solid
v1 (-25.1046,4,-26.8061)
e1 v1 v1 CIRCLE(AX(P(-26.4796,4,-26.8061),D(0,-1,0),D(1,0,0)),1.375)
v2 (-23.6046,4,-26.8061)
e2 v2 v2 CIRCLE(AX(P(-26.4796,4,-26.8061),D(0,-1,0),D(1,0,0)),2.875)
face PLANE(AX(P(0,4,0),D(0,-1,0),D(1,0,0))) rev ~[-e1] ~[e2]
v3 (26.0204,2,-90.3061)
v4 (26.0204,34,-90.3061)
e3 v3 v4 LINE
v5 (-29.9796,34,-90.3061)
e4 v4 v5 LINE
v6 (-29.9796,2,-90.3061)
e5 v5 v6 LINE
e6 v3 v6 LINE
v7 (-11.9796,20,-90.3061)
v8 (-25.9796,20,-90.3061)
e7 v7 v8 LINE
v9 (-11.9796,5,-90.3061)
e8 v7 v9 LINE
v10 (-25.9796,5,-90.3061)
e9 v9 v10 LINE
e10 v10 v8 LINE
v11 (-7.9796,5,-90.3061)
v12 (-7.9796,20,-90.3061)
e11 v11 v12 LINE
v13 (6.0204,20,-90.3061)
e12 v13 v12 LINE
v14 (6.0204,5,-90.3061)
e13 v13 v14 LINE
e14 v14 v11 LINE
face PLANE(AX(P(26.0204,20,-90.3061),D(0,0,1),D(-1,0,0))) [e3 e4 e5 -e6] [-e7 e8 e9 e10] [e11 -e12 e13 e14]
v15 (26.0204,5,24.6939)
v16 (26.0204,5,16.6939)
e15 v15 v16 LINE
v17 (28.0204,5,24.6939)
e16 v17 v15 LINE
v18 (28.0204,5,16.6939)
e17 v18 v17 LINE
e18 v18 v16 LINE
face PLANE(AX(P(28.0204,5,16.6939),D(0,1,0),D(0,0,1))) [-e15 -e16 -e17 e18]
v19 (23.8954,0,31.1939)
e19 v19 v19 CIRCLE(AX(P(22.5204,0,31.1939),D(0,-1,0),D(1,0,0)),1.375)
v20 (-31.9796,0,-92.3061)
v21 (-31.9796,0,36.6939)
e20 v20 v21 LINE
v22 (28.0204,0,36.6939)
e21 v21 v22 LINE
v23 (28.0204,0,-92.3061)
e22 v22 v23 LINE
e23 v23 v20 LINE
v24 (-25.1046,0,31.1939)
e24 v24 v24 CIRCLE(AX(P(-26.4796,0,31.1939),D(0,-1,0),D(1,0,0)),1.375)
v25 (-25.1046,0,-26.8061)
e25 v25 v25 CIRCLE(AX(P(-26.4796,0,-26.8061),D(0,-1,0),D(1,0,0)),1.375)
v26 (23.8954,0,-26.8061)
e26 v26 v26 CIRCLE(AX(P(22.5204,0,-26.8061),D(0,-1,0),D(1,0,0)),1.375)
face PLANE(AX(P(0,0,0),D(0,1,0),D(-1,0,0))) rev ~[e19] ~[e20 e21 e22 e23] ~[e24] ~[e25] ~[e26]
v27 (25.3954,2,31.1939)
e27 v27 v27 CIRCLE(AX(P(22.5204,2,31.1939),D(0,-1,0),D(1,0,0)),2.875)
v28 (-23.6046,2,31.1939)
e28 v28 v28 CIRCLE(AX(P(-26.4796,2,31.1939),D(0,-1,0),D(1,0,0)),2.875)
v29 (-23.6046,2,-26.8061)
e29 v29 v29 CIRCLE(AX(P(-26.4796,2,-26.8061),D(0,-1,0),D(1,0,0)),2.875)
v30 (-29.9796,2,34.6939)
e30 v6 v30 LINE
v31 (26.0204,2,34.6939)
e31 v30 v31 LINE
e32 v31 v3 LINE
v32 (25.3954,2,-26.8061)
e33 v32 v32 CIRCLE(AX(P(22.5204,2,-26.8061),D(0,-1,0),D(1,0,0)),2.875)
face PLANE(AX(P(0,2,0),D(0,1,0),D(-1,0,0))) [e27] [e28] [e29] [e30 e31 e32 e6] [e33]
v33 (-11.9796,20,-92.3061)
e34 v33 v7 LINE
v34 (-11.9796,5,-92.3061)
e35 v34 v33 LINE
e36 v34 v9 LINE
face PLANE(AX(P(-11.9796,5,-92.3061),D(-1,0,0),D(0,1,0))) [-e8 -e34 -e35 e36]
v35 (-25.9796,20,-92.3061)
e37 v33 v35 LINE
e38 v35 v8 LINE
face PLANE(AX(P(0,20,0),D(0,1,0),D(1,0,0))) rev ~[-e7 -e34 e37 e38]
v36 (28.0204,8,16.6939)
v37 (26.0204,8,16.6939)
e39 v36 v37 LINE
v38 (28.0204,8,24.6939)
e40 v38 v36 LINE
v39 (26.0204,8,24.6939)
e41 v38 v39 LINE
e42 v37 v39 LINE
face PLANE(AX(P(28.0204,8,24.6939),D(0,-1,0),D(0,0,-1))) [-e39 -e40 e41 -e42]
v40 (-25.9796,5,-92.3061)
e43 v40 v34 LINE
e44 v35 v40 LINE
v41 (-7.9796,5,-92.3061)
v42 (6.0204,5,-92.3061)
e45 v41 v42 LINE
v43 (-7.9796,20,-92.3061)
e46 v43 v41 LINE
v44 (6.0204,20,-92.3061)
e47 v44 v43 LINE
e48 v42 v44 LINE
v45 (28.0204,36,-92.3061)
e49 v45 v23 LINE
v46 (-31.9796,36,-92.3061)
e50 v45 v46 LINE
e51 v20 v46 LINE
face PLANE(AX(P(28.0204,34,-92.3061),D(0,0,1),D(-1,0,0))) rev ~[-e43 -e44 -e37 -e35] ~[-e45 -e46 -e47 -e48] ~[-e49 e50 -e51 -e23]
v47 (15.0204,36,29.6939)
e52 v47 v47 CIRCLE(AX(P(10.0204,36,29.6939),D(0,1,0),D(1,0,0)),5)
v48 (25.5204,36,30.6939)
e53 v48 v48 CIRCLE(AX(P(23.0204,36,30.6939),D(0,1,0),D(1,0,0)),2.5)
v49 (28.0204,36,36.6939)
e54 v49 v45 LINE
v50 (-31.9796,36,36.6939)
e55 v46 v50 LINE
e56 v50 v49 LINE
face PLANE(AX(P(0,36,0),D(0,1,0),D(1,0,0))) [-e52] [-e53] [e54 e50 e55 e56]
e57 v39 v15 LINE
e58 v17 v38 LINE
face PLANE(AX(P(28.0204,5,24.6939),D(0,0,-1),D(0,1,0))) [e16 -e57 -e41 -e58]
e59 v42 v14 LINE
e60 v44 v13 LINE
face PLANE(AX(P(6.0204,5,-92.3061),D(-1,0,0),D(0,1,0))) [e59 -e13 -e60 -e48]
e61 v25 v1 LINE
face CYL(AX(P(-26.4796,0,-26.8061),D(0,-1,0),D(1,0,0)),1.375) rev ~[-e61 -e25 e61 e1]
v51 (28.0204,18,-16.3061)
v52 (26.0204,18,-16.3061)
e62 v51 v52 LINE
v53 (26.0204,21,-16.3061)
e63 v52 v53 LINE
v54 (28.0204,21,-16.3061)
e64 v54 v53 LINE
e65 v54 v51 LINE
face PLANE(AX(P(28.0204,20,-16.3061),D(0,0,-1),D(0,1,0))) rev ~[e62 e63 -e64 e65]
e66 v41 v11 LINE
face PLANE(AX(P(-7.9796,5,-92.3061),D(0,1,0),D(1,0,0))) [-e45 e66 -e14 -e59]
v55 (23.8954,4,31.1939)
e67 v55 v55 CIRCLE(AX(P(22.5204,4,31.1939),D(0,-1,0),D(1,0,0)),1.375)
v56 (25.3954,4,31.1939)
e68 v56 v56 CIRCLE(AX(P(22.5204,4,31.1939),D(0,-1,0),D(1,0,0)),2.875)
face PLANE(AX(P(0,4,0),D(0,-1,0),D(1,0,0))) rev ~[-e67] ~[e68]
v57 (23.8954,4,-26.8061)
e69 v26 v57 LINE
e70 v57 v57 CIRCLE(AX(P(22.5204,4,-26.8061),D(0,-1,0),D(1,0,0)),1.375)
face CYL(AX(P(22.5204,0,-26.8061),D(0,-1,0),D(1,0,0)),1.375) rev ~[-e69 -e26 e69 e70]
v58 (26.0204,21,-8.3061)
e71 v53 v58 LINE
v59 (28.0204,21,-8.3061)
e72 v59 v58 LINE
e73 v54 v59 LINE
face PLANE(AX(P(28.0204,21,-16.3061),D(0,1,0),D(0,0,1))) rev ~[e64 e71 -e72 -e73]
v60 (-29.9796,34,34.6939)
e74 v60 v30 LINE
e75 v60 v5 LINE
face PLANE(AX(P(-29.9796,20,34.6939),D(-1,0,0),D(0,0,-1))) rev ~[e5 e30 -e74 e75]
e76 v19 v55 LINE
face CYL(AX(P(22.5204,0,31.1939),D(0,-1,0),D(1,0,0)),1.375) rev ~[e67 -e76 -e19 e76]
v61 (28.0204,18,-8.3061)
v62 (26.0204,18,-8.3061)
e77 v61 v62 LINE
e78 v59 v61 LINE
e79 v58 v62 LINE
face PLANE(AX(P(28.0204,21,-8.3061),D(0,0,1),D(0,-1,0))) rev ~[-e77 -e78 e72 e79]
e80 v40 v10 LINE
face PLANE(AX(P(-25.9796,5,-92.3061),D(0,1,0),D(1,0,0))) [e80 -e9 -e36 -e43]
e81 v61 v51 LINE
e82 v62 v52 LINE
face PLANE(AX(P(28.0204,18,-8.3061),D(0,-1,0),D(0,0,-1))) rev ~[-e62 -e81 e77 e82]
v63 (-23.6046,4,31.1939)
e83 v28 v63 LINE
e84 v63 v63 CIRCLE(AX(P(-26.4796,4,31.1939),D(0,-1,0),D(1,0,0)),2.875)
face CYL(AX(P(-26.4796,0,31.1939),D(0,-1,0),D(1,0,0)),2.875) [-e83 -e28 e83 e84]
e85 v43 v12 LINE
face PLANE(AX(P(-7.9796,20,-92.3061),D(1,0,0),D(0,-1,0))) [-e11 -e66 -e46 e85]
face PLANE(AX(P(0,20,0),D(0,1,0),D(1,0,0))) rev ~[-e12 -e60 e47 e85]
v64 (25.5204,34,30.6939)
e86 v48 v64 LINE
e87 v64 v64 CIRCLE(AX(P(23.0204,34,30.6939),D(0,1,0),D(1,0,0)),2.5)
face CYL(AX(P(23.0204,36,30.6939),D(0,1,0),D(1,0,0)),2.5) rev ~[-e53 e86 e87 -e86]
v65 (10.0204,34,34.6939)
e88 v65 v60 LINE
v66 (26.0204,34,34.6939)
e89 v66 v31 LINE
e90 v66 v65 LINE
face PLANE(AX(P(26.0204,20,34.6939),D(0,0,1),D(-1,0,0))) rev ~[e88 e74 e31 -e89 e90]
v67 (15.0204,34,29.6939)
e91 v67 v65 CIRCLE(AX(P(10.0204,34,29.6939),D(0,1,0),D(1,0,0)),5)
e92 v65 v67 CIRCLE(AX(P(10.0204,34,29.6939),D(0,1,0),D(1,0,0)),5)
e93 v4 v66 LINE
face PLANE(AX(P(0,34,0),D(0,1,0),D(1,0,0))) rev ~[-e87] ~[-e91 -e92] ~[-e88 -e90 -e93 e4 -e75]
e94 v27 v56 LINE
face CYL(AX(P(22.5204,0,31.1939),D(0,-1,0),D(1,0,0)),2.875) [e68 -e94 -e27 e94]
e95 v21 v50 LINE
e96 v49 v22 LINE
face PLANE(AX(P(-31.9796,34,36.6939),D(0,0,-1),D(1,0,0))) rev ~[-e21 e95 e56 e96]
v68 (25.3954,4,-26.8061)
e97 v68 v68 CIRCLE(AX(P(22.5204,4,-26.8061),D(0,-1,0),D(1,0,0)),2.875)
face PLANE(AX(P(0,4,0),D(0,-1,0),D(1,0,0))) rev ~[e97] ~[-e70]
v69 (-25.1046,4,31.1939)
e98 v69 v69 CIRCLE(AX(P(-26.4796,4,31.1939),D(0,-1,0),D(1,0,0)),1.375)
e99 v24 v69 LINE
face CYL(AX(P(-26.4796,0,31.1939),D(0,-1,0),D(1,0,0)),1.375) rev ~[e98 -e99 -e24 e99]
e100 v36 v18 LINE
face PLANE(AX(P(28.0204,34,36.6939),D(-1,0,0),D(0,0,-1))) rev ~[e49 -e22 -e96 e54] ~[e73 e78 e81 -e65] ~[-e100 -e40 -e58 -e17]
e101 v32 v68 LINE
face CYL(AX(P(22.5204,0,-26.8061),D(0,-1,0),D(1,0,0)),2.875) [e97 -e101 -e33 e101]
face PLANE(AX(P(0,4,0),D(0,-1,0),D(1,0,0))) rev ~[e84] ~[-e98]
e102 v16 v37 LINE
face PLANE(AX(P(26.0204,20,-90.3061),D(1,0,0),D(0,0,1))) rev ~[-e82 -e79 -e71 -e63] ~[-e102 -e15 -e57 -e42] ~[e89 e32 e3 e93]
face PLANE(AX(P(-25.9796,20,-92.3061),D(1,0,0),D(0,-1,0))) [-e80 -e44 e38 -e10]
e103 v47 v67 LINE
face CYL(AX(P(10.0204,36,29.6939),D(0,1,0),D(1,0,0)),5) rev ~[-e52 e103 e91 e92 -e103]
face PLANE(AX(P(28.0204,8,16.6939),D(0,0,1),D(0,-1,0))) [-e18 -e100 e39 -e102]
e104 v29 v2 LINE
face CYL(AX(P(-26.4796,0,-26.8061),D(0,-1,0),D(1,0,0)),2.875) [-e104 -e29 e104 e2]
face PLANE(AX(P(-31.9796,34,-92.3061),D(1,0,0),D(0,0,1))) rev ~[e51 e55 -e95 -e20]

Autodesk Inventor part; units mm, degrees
ref_plane "YZ Plane" through (0, 0, 0) normal (1, 0, 0) x (0, 1, 0)
ref_plane "XZ Plane" through (0, 0, 0) normal (0, 1, 0) x (-1, 0, 0)
ref_plane "XY Plane" through (0, 0, 0) normal (0, 0, 1) x (1, 0, 0)
sketch "Esquisse1" plane through (0, 0, 0) normal (0, 1, 0) x (-1, 0, 0)
  line L0 (29.9796, 34.6939) -> (-26.0204, 34.6939)
  line L1 (-26.0204, 34.6939) -> (-26.0204, -50.3061)
  line L2 (29.9796, -50.3061) -> (29.9796, 34.6939)
  circle A0 centre (26.4796, 31.1939) radius 1.375
  circle A1 centre (-22.5204, 31.1939) radius 1.375
  circle A2 centre (26.4796, -26.8061) radius 1.375
  circle A3 centre (-22.5204, -26.8061) radius 1.375
  circle A4 centre (26.4796, 31.1939) radius 2.875
  circle A5 centre (-22.5204, 31.1939) radius 2.875
  circle A6 centre (-22.5204, -26.8061) radius 2.875
  circle A7 centre (26.4796, -26.8061) radius 2.875
  line L3 (-26.0204, -50.3061) -> (-26.0204, -90.3061)
  line L4 (-26.0204, -90.3061) -> (29.9796, -90.3061)
  line L5 (29.9796, -90.3061) -> (29.9796, -50.3061)
  line L6 (31.9796, 36.6939) -> (-28.0204, 36.6939)
  line L7 (-28.0204, 36.6939) -> (-28.0204, -92.3061)
  line L8 (-28.0204, -92.3061) -> (31.9796, -92.3061)
  line L9 (31.9796, -92.3061) -> (31.9796, 36.6939)
  point P0 (0, 0)
  dimension "d3" = 2.75
  dimension "d4" = 3.5
  dimension "d5" = 2.75
  dimension "d6" = 3.5
  dimension "d7" = 3.5
  dimension "d8" = 49
  dimension "d9" = 2.75
  dimension "d10" = 58
  dimension "d11" = 3.5
  dimension "d12" = 2.75
  dimension "d13" = 3.5
  dimension "d14" = 58
  dimension "d15" = 5.75
  dimension "d16" = 5.75
  dimension "d17" = 5.75
  dimension "d18" = 5.75
  dimension "d21" = 2
  dimension "d22" = 2
  dimension "d23" = 2
  dimension "d24" = 2
  dimension "d25" = 125
extrude "Extrusion1" add sketch "Esquisse1" along normal blind 2 contours L2 L5 L4 L3 L1 L0 | L9 L8 L7 L6
sketch "Esquisse2" plane through (0, 0, 0) normal (0, -1, 0) x (1, 0, 0)
  circle A0 centre (22.5204, 31.1939) radius 2.875 projected
  circle A1 centre (22.5204, 31.1939) radius 1.375
  circle A2 centre (-26.4796, 31.1939) radius 1.375
  circle A3 centre (22.5204, -26.8061) radius 1.375
  circle A4 centre (-26.4796, -26.8061) radius 1.375
  circle A5 centre (22.5204, -26.8061) radius 2.875 projected
  circle A6 centre (-26.4796, -26.8061) radius 2.875 projected
  circle A7 centre (-26.4796, 31.1939) radius 2.875 projected
  point P0 (0, 0)
  dimension "d28" = 2.75
  dimension "d29" = 2.75
  dimension "d30" = 2.75
  dimension "d31" = 2.75
  dimension "d33" = 0
  dimension "d34" = 0
  dimension "d35" = 0
  dimension "d36" = 0
  dimension "d37" = 0
extrude "Extrusion2" add sketch "Esquisse2" against normal blind 4
sketch "Esquisse3" plane through (0, 2, 0) normal (0, 1, 0) x (1, 0, 0)
  line L0 (-29.9796, -34.6939) -> (26.0204, -34.6939)
  line L1 (26.0204, -34.6939) -> (26.0204, 90.3061)
  line L2 (26.0204, 90.3061) -> (-29.9796, 90.3061)
  line L3 (-29.9796, 90.3061) -> (-29.9796, -34.6939)
  line L4 (-31.9796, 92.3061) -> (-31.9796, -36.6939) projected
  line L5 (-31.9796, -36.6939) -> (28.0204, -36.6939) projected
  line L6 (28.0204, 92.3061) -> (-31.9796, 92.3061) projected
  line L7 (28.0204, -36.6939) -> (28.0204, 92.3061) projected
  point P0 (0, 0)
  dimension "d40" = 2
  dimension "d41" = 2
  dimension "d42" = 2
  dimension "d43" = 2
extrude "Extrusion3" add sketch "Esquisse3" along normal blind 18
sketch "Esquisse4" plane through (28.0204, 0, -92.3061) normal (0, 0, -1) x (-1, 0, 0)
  line L0 (22, 20) -> (36, 20)
  line L1 (36, 20) -> (36, 5)
  line L2 (36, 5) -> (22, 5)
  line L3 (22, 5) -> (22, 20)
  line L4 (40, 20) -> (54, 20)
  line L5 (54, 20) -> (54, 5)
  line L6 (54, 5) -> (40, 5)
  line L7 (40, 5) -> (40, 20)
  line L8 (0, 0) -> (60, 0) projected
  line L9 (0, 0) -> (0, 20) projected
  point P0 (28.0204, 0)
  dimension "d46" = 5
  dimension "d47" = 5
  dimension "d48" = 14
  dimension "d49" = 14
  dimension "d51" = 22
  dimension "d52" = 40
  dimension "d53" = 15
extrude "Extrusion4" cut sketch "Esquisse4" against normal blind 20
sketch "Esquisse5" plane through (28.0204, 0, 36.6939) normal (1, 0, 0) x (0, 0, -1)
  line L0 (12, 8) -> (20, 8)
  line L1 (20, 8) -> (20, 5)
  line L2 (20, 5) -> (12, 5)
  line L3 (12, 5) -> (12, 8)
  line L4 (0, 0) -> (0, 20) projected
  line L5 (0, 0) -> (129, 0) projected
  point P0 (36.6939, 0)
  dimension "d56" = 12
  dimension "d57" = 8
  dimension "d58" = 3
  dimension "d59" = 5
extrude "Extrusion5" cut sketch "Esquisse5" against normal blind 20
sketch "Esquisse6" plane through (28.0204, 0, 36.6939) normal (1, 0, 0) x (0, 0, -1)
  line L0 (53, 21) -> (45, 21)
  line L1 (45, 21) -> (45, 18)
  line L2 (45, 18) -> (53, 18)
  line L3 (53, 18) -> (53, 21)
  line L4 (0, 0) -> (129, 0) projected
  line L5 (0, 20) -> (129, 20) projected
  line L6 (0, 0) -> (0, 20) projected
  point P0 (36.6939, 0)
  dimension "d62" = 18
  dimension "d66" = 3
  dimension "d67" = 8
  dimension "d68" = 45
sketch "Esquisse7" plane through (0, 20, 0) normal (0, 1, 0) x (1, 0, 0)
  line L0 (-31.9796, 92.3061) -> (-31.9796, -36.6939) projected
  line L1 (28.0204, 92.3061) -> (6.0204, 92.3061) projected
  line L2 (-31.9796, -36.6939) -> (28.0204, -36.6939)
  line L3 (28.0204, -36.6939) -> (28.0204, 92.3061)
  line L4 (28.0204, 92.3061) -> (-31.9796, 92.3061)
  line L5 (-31.9796, 92.3061) -> (-31.9796, -36.6939)
  line L6 (26.0204, 90.3061) -> (-29.9796, 90.3061) projected
  line L7 (26.0204, 90.3061) -> (26.0204, -34.6939) projected
  line L8 (-29.9796, 90.3061) -> (26.0204, 90.3061)
  line L9 (26.0204, 90.3061) -> (26.0204, -34.6939)
  line L10 (26.0204, -34.6939) -> (-29.9796, -34.6939)
  line L11 (-29.9796, -34.6939) -> (-29.9796, 90.3061)
  point P0 (0, 0)
extrude "Extrusion6" add sketch "Esquisse7" along normal blind 14
extrude "Extrusion7" cut sketch "Esquisse6" against normal blind 14
sketch "Esquisse8" plane through (0, 34, 0) normal (0, 1, 0) x (1, 0, 0)
  line L0 (-31.9796, 92.3061) -> (-31.9796, -36.6939) projected
  line L1 (28.0204, -36.6939) -> (28.0204, 92.3061) projected
  line L2 (-31.9796, -36.6939) -> (28.0204, -36.6939)
  line L3 (28.0204, -36.6939) -> (28.0204, 92.3061)
  line L4 (28.0204, 92.3061) -> (-31.9796, 92.3061)
  line L5 (-31.9796, 92.3061) -> (-31.9796, -36.6939)
  point P0 (0, 0)
extrude "Extrusion8" add sketch "Esquisse8" along normal blind 2
sketch "Esquisse9" plane through (0, 36, 0) normal (0, 1, 0) x (1, 0, 0)
  circle A0 centre (10.0204, -29.6939) radius 5
  line L0 (28.0204, -36.6939) -> (28.0204, 92.3061) projected
  line L1 (-31.9796, -36.6939) -> (28.0204, -36.6939) projected
  point P0 (0, 0)
  dimension "d75" = 10
  dimension "d76" = 18
  dimension "d77" = 7
extrude "Extrusion9" cut sketch "Esquisse9" against normal blind 3
sketch "Esquisse10" plane through (0, 36, 0) normal (0, 1, 0) x (1, 0, 0)
  circle A0 centre (23.0204, -30.6939) radius 2.5
  circle A1 centre (10.0204, -29.6939) radius 5 projected
  line L0 (-31.9796, -36.6939) -> (28.0204, -36.6939) projected
  point P0 (0, 0)
  dimension "d80" = 13
  dimension "d81" = 5
  dimension "d82" = 6
extrude "Extrusion10" cut sketch "Esquisse10" against normal blind 3 contours A0
